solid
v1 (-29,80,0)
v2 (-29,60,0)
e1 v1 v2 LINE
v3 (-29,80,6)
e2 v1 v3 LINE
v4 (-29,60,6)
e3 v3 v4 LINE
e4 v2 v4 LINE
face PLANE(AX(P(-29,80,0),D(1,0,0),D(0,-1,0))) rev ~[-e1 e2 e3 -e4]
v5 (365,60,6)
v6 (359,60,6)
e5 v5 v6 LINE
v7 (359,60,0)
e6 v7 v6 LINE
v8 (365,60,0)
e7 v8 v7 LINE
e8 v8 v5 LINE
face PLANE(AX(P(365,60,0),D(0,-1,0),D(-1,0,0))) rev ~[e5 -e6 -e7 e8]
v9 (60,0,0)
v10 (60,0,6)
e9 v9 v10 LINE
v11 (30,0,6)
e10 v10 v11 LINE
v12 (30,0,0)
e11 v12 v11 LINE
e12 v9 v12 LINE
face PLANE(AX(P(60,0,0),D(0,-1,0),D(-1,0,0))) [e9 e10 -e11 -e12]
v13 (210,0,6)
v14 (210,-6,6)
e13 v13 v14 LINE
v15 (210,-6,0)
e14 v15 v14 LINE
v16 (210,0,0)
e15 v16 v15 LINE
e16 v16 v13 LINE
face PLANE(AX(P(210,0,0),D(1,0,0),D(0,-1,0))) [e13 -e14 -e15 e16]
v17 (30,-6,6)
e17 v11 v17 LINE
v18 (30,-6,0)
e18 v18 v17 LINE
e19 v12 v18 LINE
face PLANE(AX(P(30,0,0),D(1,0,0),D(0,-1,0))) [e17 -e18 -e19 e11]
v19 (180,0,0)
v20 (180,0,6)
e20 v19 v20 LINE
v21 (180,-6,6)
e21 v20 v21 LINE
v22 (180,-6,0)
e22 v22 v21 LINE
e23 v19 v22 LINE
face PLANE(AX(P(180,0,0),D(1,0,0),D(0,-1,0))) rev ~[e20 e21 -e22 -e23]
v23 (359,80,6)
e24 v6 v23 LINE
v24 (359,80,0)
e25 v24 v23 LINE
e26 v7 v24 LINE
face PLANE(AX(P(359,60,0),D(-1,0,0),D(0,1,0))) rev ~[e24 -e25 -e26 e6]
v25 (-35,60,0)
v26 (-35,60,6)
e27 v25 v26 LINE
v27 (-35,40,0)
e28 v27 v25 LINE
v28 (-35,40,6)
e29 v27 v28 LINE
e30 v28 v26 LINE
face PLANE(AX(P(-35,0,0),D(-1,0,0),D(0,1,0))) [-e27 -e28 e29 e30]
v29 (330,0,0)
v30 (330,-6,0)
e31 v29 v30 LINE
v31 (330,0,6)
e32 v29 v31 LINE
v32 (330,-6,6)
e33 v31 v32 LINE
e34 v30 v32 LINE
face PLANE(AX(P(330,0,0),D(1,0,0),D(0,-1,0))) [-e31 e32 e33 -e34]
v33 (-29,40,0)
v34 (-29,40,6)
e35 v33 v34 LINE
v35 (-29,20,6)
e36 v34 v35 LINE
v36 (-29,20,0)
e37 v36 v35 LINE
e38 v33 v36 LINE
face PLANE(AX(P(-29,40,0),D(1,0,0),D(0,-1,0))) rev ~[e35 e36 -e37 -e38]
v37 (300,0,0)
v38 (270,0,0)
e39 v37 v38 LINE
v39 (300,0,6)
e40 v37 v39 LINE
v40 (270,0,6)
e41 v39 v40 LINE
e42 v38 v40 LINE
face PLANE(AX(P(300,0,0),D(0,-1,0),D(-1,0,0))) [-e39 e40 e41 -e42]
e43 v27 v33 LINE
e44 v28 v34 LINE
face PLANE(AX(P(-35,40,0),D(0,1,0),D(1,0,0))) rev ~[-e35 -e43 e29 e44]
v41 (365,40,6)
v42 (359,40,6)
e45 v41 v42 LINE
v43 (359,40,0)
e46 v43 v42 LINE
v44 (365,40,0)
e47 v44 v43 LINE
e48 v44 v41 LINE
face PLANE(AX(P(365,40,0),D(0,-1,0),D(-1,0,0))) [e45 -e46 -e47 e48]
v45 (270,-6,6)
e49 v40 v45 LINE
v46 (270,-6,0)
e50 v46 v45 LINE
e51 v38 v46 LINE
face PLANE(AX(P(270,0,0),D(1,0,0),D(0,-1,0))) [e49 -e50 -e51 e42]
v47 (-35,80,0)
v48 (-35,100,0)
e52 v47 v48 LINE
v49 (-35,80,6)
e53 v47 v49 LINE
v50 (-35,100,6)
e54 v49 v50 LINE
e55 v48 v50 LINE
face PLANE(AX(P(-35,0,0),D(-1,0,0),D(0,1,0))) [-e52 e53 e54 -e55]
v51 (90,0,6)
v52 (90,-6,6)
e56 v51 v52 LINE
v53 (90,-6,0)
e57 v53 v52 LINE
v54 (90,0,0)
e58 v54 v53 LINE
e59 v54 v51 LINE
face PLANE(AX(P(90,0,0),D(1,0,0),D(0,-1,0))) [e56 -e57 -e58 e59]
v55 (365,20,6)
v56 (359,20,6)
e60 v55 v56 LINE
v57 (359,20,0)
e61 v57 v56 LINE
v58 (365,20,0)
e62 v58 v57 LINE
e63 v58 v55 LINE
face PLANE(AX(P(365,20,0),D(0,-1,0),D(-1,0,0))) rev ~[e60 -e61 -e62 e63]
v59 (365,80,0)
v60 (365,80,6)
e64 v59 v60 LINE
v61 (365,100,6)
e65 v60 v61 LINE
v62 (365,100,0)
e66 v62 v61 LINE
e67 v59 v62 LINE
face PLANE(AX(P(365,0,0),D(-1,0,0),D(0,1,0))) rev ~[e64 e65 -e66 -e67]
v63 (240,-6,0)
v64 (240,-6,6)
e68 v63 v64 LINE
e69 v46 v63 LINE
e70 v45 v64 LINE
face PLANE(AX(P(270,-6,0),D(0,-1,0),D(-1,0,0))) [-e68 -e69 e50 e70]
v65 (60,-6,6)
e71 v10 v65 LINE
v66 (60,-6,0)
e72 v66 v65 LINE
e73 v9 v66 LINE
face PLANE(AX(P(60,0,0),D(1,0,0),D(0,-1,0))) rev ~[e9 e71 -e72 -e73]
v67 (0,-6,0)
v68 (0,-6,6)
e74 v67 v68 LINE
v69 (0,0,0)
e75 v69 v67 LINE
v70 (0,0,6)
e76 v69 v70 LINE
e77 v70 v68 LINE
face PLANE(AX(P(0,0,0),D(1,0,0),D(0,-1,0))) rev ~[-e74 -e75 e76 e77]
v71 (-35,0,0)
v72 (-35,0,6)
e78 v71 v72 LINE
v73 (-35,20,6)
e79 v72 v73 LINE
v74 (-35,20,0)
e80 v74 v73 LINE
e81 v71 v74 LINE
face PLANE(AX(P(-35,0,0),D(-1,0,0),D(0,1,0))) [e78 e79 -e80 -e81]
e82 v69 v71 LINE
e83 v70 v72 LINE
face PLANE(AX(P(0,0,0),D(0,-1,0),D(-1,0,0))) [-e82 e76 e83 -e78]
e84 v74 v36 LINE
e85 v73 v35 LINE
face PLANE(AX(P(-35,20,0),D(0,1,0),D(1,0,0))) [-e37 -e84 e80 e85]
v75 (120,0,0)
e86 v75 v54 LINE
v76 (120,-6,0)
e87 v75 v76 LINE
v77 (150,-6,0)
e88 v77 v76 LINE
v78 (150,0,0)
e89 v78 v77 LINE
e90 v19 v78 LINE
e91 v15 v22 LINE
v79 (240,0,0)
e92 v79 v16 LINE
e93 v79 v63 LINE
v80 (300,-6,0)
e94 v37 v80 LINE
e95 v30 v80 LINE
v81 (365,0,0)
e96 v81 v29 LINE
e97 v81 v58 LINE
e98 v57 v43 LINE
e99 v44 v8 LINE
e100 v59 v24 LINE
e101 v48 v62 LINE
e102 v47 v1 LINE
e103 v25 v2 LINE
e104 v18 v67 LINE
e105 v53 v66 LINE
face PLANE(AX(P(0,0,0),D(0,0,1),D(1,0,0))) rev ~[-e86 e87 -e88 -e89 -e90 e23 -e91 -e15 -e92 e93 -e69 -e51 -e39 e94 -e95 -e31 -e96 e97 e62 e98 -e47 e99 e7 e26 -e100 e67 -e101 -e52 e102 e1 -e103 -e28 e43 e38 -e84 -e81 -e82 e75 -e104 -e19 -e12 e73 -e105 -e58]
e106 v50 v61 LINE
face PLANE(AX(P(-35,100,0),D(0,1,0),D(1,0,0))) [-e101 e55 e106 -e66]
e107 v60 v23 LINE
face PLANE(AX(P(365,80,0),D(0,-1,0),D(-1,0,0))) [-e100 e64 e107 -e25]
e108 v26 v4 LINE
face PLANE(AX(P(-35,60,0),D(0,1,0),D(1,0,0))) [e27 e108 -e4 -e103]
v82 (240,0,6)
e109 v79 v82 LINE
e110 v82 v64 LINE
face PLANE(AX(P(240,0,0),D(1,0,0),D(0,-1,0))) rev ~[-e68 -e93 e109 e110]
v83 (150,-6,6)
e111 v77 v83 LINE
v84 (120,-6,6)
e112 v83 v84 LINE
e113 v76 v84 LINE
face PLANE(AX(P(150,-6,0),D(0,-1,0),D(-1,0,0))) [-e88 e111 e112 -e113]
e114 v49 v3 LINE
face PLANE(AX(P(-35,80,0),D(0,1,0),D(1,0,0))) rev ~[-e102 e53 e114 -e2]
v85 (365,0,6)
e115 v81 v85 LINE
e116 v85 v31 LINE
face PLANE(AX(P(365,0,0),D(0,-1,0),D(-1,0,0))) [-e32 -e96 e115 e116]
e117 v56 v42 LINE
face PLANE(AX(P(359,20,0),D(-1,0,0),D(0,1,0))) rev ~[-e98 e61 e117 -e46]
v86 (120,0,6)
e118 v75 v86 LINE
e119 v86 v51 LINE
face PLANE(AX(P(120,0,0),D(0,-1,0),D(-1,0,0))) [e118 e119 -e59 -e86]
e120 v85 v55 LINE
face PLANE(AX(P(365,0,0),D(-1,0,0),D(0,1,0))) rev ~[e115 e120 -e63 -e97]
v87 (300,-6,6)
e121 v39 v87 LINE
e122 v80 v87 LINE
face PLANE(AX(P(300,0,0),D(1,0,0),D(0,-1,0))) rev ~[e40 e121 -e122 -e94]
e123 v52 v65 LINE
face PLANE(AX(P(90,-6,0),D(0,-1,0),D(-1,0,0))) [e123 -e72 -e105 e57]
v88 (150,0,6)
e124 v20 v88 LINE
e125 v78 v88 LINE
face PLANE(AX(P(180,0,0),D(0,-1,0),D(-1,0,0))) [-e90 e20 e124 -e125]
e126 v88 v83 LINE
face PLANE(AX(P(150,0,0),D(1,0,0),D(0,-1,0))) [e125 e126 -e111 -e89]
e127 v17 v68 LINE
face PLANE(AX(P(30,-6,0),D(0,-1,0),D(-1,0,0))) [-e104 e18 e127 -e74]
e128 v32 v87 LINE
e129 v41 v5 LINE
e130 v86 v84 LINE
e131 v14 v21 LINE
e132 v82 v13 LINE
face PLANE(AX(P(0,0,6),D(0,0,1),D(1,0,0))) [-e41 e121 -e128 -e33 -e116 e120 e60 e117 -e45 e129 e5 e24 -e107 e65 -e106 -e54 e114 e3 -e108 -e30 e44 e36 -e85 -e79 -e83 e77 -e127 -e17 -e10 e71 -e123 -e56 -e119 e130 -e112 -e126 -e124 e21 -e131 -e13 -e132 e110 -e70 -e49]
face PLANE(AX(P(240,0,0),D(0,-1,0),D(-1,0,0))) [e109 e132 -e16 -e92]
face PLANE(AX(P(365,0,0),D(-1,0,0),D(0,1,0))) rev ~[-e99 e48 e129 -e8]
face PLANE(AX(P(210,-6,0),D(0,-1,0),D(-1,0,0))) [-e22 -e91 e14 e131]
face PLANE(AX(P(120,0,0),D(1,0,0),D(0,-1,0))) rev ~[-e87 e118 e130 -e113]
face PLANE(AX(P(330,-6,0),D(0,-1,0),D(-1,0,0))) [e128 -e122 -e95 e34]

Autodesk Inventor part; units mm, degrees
ref_plane "YZ Plane" through (0, 0, 0) normal (1, 0, 0) x (0, 1, 0)
ref_plane "XZ Plane" through (0, 0, 0) normal (0, 1, 0) x (-1, 0, 0)
ref_plane "XY Plane" through (0, 0, 0) normal (0, 0, 1) x (1, 0, 0)
ref_plane "Work Plane1" through (0, 0, 0) normal (0, 0, 1) x (1, 0, 0)
sketch "Sketch1" plane through (0, 0, 0) normal (0, 0, 1) x (1, 0, 0)
  line L0 (0, 0) -> (30, 0)
  line L1 (0, 0) -> (0, -6)
  line L2 (30, -6) -> (0, -6)
  line L3 (30, 0) -> (30, -6)
  line L4 (60, 0) -> (90, 0)
  line L5 (60, 0) -> (60, -6)
  line L6 (90, -6) -> (60, -6)
  line L7 (90, 0) -> (90, -6)
  line L8 (120, 0) -> (150, 0)
  line L9 (120, 0) -> (120, -6)
  line L10 (150, -6) -> (120, -6)
  line L11 (150, 0) -> (150, -6)
  line L12 (180, 0) -> (210, 0)
  line L13 (180, 0) -> (180, -6)
  line L14 (210, -6) -> (180, -6)
  line L15 (210, 0) -> (210, -6)
  line L16 (240, 0) -> (270, 0)
  line L17 (240, 0) -> (240, -6)
  line L18 (270, -6) -> (240, -6)
  line L19 (270, 0) -> (270, -6)
  line L20 (300, 0) -> (330, 0)
  line L21 (300, 0) -> (300, -6)
  line L22 (330, -6) -> (300, -6)
  line L23 (330, 0) -> (330, -6)
  line L24 (330, 0) -> (330, -6)
  line L25 (330, -6) -> (365, -6)
  line L26 (365, -6) -> (365, 0)
  line L27 (365, 0) -> (330, 0)
  line L28 (300, -6) -> (300, 0)
  line L29 (300, 0) -> (270, 0)
  line L30 (270, 0) -> (270, -6)
  line L31 (270, -6) -> (300, -6)
  line L32 (210, 0) -> (210, -6)
  line L33 (210, -6) -> (240, -6)
  line L34 (240, -6) -> (240, 0)
  line L35 (240, 0) -> (210, 0)
  line L36 (150, 0) -> (150, -6)
  line L37 (150, -6) -> (180, -6)
  line L38 (180, -6) -> (180, 0)
  line L39 (180, 0) -> (150, 0)
  line L40 (120, -6) -> (120, 0)
  line L41 (120, 0) -> (90, 0)
  line L42 (90, 0) -> (90, -6)
  line L43 (90, -6) -> (120, -6)
  line L44 (30, 0) -> (30, -6)
  line L45 (30, -6) -> (60, -6)
  line L46 (60, -6) -> (60, 0)
  line L47 (60, 0) -> (30, 0)
  line L48 (0, -6) -> (0, 0)
  line L49 (0, 0) -> (-35, 0)
  line L50 (-35, -6) -> (-35, 0)
  line L51 (-35, -6) -> (0, -6)
  line L52 (0, 0) -> (-35, 0)
  line L53 (30, 0) -> (60, 0)
  line L54 (90, 0) -> (120, 0)
  line L55 (150, 0) -> (180, 0)
  line L56 (210, 0) -> (240, 0)
  line L57 (270, 0) -> (300, 0)
  line L58 (330, 0) -> (365, 0)
  line L59 (330, 0) -> (330, -6)
  line L60 (300, 0) -> (300, -6)
  line L61 (330, -6) -> (300, -6)
  line L62 (270, 0) -> (270, -6)
  line L63 (240, -6) -> (240, 0)
  line L64 (240, -6) -> (270, -6)
  line L65 (210, 0) -> (210, -6)
  line L66 (180, -6) -> (210, -6)
  line L67 (180, -6) -> (180, 0)
  line L68 (150, 0) -> (150, -6)
  line L69 (120, -6) -> (150, -6)
  line L70 (120, -6) -> (120, 0)
  line L71 (90, 0) -> (90, -6)
  line L72 (90, -6) -> (60, -6)
  line L73 (60, 0) -> (60, -6)
  line L74 (30, 0) -> (30, -6)
  line L75 (0, 0) -> (0, -6)
  line L76 (30, -6) -> (0, -6)
  line L77 (-35, 0) -> (-35, 100)
  line L78 (-35, 100) -> (365, 100)
  line L79 (365, 0) -> (365, 100)
  dimension "d0" = 100
extrude "Plate1" add sketch "Sketch1" along normal blind 6 contours L49 L77 L78 L79 L27 L20 L29 L16 L35 L12 L39 L8 L41 L4 L47 L0 | L0 L3 L2 L1 | L4 L7 L6 L5 | L8 L11 L10 L9 | L23 L22 L21 L20 | L12 L15 L14 L13 | L19 L18 L17 L16
sketch "Sketch2" plane through (0, 0, 0) normal (0, 0, -1) x (-1, 0, 0)
  line L0 (-359, 60) -> (-359, 80) projected
  line L1 (-365, 80) -> (-359, 80) projected
  line L2 (-365, 80) -> (-365, 60) projected
  line L3 (-365, 60) -> (-359, 60) projected
  line L4 (-359, 20) -> (-359, 40) projected
  line L5 (-365, 40) -> (-359, 40) projected
  line L6 (-365, 40) -> (-365, 20) projected
  line L7 (-365, 20) -> (-359, 20) projected
  line L8 (29, 80) -> (29, 60) projected
  line L9 (35, 60) -> (29, 60) projected
  line L10 (35, 60) -> (35, 80) projected
  line L11 (35, 80) -> (29, 80) projected
  line L12 (29, 40) -> (29, 20) projected
  line L13 (35, 20) -> (29, 20) projected
  line L14 (35, 20) -> (35, 40) projected
  line L15 (35, 40) -> (29, 40) projected
  point P0 (0, 0)
extrude "Cut1" cut sketch "Sketch2" against normal blind 6
equation "\"d2\" = Thickness"
equation "\"d1\" = Thickness"
equation "\"BendRadius\" = Thickness"
equation "\"BendReliefWidth\" = Thickness"
equation "\"BendReliefDepth\" = 0.5 * Thickness"
equation "\"CornerReliefSize\" = 4 * Thickness"
equation "\"MinimumRemnant\" = 2 * Thickness"
equation "\"TransitionRadius\" = BendRadius"
equation "\"JacobiRadiusSize\" = BendRadius"
equation "\"GapSize\" = Thickness"
equation "\"Thickness\" = 6"
properties part number "zijkant electronica" material "Wood (Birch)"
